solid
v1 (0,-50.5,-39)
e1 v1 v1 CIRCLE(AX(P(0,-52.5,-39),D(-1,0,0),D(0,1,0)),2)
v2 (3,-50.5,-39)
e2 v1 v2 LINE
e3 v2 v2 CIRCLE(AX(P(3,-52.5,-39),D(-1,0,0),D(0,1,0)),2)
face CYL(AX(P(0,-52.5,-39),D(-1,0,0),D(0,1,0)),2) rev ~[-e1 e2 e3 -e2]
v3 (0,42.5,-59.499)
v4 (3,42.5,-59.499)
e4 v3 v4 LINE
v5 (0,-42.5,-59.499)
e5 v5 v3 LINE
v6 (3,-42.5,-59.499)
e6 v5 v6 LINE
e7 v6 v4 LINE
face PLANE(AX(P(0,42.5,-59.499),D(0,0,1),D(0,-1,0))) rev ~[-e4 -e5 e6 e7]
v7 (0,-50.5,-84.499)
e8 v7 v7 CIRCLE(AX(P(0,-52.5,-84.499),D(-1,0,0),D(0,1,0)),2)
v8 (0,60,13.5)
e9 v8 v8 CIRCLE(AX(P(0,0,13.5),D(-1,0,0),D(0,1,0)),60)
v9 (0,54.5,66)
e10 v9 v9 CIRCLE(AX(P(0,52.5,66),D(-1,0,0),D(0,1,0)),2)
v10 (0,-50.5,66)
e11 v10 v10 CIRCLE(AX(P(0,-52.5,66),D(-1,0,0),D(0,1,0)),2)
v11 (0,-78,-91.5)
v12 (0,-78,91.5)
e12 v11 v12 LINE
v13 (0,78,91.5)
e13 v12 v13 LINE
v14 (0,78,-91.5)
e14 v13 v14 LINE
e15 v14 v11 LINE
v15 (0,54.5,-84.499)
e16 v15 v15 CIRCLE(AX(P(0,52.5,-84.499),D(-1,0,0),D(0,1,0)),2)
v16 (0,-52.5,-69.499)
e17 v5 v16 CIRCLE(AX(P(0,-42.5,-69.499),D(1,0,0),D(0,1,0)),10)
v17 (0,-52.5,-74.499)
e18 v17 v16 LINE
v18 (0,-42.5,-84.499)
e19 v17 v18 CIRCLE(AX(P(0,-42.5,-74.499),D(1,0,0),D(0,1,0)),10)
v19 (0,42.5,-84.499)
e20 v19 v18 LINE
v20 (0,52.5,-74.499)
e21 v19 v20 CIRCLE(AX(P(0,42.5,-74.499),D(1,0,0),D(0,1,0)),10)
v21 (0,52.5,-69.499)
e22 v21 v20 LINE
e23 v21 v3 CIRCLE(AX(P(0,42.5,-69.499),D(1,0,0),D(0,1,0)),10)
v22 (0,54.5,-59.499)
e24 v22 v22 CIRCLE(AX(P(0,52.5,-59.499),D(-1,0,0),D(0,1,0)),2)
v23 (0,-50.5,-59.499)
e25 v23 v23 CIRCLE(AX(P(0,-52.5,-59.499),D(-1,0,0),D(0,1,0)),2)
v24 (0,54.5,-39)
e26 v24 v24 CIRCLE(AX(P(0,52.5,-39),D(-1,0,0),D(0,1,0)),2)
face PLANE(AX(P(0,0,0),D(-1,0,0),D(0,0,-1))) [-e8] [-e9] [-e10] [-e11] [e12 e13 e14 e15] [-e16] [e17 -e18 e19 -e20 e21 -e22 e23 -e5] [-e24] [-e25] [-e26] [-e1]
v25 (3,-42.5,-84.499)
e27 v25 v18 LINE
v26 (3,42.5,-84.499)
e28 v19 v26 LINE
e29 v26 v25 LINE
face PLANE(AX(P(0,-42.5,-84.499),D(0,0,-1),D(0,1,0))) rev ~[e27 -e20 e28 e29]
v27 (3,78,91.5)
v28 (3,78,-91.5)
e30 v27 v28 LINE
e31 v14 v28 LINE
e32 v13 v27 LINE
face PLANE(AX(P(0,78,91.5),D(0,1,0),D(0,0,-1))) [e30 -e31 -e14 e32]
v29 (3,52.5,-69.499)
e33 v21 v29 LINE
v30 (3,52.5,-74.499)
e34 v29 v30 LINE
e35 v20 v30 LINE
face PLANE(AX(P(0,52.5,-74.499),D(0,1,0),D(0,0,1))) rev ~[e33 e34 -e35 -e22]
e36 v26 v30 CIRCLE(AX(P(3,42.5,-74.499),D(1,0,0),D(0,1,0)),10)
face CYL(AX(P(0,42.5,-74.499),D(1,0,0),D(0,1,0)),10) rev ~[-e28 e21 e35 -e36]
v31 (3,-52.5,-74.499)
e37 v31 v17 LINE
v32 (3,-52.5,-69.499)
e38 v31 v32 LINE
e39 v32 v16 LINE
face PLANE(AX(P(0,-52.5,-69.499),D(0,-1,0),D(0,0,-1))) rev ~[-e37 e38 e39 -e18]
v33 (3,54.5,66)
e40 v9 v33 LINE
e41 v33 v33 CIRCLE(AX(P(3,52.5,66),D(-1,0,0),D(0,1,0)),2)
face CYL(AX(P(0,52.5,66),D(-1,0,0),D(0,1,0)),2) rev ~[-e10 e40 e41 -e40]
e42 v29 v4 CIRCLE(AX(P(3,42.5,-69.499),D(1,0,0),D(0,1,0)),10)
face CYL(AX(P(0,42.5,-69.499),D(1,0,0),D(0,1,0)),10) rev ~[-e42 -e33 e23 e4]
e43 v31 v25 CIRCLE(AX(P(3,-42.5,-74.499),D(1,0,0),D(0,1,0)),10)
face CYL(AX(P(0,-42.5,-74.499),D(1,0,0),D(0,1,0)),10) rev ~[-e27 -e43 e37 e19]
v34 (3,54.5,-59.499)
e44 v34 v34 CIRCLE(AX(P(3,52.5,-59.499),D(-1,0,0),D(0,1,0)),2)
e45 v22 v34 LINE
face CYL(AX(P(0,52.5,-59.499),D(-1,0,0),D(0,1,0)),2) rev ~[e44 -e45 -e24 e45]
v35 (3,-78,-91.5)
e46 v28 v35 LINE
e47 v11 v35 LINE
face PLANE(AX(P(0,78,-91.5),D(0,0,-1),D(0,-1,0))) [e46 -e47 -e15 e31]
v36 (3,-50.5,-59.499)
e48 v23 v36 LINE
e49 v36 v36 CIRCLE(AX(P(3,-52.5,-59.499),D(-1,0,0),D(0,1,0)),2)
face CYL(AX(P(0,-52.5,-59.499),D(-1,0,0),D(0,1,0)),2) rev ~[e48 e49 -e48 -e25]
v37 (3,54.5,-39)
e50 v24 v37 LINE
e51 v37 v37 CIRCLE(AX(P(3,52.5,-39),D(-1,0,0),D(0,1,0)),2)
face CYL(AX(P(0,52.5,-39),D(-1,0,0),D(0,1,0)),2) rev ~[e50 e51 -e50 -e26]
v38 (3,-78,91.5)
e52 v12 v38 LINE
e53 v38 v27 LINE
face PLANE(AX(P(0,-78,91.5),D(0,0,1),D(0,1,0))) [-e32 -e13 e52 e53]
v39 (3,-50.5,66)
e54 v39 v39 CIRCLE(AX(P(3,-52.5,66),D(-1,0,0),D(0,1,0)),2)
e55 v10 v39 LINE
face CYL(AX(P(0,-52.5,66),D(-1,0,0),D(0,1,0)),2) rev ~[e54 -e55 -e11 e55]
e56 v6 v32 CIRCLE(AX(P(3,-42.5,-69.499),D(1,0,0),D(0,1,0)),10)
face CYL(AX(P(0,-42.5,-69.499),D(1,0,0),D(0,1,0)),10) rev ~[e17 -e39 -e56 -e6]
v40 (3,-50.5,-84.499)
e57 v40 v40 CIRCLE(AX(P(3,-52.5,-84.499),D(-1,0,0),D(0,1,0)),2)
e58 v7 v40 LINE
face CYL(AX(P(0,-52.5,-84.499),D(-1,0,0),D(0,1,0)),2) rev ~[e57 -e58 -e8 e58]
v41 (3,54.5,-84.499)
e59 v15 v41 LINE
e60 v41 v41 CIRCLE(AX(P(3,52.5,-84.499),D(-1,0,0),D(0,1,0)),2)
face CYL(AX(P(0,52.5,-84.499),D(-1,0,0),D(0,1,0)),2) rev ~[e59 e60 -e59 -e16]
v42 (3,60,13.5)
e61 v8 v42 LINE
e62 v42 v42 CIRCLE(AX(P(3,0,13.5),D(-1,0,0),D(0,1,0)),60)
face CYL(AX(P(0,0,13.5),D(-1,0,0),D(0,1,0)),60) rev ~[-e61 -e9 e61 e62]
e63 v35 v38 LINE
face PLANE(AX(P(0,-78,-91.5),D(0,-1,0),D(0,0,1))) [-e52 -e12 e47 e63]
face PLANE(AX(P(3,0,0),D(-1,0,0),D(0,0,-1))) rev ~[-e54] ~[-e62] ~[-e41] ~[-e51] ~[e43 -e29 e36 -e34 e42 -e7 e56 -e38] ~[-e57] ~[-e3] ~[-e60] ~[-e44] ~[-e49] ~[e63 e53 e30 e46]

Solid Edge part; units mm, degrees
sketch "Sketch1" plane through (0, 0, 0) normal (-1, 0, 0) x (0, -1, 0)
  line L0 (-78, -91.5) -> (78, -91.5)
  line L1 (78, -91.5) -> (78, 91.5)
  line L2 (78, 91.5) -> (-78, 91.5)
  line L3 (-78, 91.5) -> (-78, -91.5)
  dimension "D1" = 156
  dimension "D2" = 183
extrude "Protrusion1" add sketch "Sketch1" against normal blind 3
sketch "Sketch2" plane through (0, 5, 10) normal (-1, 0, 0) x (0, 1, 0)
  circle A0 centre (-5, -3.5) radius 60
  circle A1 centre (-57.5, 49) radius 2
  circle A2 centre (47.5, 49) radius 2
  circle A3 centre (-57.5, -56) radius 2
  circle A4 centre (47.5, -56) radius 2
  circle A5 centre (-57.5, 94.499) radius 2
  circle A6 centre (47.5, 94.499) radius 2
  circle A7 centre (47.5, 69.499) radius 2
  circle A8 centre (-57.5, 69.499) radius 2
  line L0 (-47.5, 94.499) -> (37.5, 94.499)
  arc A9 (37.5, 94.499) -> (47.5, 84.499) centre (37.5, 84.499) cw
  line L1 (47.5, 84.499) -> (47.5, 79.499)
  arc A10 (47.5, 79.499) -> (37.5, 69.499) centre (37.5, 79.499) cw
  line L2 (37.5, 69.499) -> (-47.5, 69.499)
  arc A11 (-47.5, 69.499) -> (-57.5, 79.499) centre (-47.5, 79.499) cw
  line L3 (-57.5, 79.499) -> (-57.5, 84.499)
  arc A12 (-57.5, 84.499) -> (-47.5, 94.499) centre (-47.5, 84.499) cw
  dimension "D1" = 156
  dimension "D2" = 183
  dimension "D3" = 120
  dimension "D4" = 4
  dimension "D5" = 4
  dimension "D6" = 4
  dimension "D7" = 4
  dimension "D8" = 4
  dimension "D9" = 4
  dimension "D10" = 4
  dimension "D11" = 4
  dimension "D12" = 25
  dimension "D13" = 25
  dimension "D14" = 105
  dimension "D15" = 85
  dimension "D16" = 5
  dimension "D17" = 10
  dimension "D18" = 10
  dimension "D19" = 10
  dimension "D20" = 10
extrude "ExtrudedCutout_38" cut sketch "Sketch2" along normal mid plane 70
